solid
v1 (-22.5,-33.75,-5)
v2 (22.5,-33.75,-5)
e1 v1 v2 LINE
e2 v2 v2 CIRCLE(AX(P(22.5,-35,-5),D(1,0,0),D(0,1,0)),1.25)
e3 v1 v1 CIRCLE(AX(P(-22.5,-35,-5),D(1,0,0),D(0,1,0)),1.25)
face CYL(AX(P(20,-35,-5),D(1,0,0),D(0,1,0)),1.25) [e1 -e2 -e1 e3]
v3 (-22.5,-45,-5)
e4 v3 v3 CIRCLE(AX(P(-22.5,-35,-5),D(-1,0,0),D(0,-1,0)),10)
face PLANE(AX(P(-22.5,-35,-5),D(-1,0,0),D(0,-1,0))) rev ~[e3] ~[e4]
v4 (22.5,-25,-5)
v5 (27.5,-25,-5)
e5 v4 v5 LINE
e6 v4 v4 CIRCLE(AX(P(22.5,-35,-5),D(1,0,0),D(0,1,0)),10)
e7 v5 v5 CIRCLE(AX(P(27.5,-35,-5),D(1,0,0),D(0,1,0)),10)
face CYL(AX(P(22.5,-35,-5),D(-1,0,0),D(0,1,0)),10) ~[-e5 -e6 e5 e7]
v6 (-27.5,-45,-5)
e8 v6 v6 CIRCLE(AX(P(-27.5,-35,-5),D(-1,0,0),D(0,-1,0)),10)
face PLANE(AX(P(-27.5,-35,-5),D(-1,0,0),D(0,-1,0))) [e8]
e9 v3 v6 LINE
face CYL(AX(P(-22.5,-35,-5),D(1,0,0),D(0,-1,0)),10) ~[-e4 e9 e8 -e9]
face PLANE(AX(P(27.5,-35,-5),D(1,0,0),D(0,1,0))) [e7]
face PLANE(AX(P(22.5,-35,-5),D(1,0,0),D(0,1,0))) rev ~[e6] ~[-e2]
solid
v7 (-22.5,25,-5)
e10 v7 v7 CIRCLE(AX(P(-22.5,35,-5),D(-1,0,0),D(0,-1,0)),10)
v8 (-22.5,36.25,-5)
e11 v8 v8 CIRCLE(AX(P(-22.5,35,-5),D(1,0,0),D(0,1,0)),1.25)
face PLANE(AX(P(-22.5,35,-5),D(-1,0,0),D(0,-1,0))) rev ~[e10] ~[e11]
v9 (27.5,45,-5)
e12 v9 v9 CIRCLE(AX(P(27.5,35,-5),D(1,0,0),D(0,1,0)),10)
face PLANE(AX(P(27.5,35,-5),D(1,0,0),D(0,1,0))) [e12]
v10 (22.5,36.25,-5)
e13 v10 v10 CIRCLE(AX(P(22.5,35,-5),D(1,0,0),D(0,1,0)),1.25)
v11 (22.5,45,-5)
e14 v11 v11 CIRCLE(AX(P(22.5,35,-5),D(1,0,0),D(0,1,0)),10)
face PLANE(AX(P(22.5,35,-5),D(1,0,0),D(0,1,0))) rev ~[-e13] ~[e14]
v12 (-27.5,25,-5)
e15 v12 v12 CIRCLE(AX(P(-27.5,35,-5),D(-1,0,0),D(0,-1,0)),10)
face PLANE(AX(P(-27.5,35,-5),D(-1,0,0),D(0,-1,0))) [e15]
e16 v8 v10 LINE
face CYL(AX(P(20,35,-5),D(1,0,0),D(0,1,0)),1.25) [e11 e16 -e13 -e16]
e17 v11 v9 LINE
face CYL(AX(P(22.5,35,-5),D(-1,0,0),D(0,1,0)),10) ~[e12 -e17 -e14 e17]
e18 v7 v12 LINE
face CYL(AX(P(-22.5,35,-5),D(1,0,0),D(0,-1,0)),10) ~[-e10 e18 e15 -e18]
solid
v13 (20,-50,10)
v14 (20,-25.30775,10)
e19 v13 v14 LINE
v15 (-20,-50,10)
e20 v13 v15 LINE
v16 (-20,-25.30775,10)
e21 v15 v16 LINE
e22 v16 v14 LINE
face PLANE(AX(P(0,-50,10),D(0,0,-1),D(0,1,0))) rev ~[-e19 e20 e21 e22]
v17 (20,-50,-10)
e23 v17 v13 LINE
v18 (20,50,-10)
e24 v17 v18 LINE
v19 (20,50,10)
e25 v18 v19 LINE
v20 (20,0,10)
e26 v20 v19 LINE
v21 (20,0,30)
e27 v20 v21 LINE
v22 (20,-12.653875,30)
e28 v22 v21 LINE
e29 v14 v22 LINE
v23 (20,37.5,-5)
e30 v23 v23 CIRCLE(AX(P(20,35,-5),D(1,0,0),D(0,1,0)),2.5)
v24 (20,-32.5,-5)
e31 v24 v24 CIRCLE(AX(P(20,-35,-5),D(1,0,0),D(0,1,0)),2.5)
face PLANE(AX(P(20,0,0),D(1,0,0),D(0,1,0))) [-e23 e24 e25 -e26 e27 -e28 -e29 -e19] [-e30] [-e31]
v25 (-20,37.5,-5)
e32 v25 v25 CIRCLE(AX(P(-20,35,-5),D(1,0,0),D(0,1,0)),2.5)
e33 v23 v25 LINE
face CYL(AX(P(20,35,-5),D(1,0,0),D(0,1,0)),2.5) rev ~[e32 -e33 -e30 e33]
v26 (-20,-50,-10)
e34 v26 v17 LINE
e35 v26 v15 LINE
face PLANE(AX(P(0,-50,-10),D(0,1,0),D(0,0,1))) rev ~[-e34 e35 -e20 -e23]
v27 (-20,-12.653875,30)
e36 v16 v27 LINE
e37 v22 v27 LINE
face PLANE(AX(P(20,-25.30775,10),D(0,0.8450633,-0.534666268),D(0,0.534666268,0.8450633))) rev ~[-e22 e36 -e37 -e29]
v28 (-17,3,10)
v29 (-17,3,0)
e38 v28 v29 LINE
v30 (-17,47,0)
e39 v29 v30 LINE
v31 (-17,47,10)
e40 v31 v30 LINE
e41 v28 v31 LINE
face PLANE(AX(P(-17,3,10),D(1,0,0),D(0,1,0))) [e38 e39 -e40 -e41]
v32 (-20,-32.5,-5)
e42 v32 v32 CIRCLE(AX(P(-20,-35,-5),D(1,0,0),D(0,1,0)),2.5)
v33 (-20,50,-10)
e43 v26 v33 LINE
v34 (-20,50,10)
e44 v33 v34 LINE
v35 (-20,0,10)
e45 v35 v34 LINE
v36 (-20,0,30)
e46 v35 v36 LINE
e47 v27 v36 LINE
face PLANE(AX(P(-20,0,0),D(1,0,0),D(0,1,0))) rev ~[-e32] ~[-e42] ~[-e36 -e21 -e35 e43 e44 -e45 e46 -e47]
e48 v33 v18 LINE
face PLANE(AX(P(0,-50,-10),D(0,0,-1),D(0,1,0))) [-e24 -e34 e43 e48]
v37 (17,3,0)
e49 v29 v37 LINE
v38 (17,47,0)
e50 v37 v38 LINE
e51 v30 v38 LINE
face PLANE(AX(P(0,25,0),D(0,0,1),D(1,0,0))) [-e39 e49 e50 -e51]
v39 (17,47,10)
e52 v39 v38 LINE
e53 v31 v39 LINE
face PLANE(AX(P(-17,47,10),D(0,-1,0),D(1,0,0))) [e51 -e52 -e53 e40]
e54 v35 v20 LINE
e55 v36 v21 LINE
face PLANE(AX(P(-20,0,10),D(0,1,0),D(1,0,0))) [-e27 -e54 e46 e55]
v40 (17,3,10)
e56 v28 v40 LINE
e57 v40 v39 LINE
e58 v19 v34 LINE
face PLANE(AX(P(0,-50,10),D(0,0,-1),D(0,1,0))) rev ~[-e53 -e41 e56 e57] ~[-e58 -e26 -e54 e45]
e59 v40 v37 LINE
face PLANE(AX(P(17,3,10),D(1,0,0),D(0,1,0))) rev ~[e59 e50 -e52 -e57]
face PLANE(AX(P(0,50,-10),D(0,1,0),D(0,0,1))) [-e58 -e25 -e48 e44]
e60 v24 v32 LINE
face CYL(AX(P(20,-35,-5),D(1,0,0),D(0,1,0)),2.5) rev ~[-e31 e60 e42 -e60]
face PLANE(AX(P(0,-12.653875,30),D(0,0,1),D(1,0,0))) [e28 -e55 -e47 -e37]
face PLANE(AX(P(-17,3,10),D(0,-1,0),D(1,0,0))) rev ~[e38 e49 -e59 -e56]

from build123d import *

# Parameters (mm, degrees)
F0_W       = 100
F0_H       = 20
F1_DEPTH   = 20
F4_W       = 40
F4_H       = 25.30775
F5_DEPTH   = 20
F9_DEPTH   = 40
F10_R      = 2.5
F11_DEPTH  = 40.001
F12_R      = 2.5
F13_DEPTH  = 40.001
F14_W      = 34
F14_H      = 44
F15_DEPTH  = 10
F16_R      = 1.25
F17_DEPTH  = 42.5
F17_FACE_R = 1.25
F18_DEPTH  = 2.5
F19_R      = 1.25
F20_DEPTH  = 42.5
F20_FACE_R = 1.25
F21_DEPTH  = 2.5
F22_R      = 10
F23_DEPTH  = 5
F24_R      = 10
F25_DEPTH  = 5
F26_R      = 10
F27_DEPTH  = 5
F28_R      = 10
F29_DEPTH  = 5


with BuildPart() as f1:
    # F0 (on Right) → F1 (new body, symmetric)
    with BuildSketch(Plane.YZ):
        Rectangle(F0_W, F0_H)
    extrude(amount=F1_DEPTH, both=True)

    # F4 (on face) → F5 (join)
    with BuildSketch(Plane.XY.offset(10)):
        with Locations((0, -12.653875)):
            Rectangle(F4_W, F4_H)
    extrude(amount=F5_DEPTH)

    # F7 (on face) → F9 (cut)
    with BuildSketch(Plane.YZ.offset(20)):
        Polygon((-25.30775, 30), (-25.30775, 10), (-12.653875, 30), align=None)
    extrude(amount=-F9_DEPTH, mode=Mode.SUBTRACT)

    # F10 (on face) → F11 (cut, through all)
    with BuildSketch(Plane.YZ.offset(20)):
        with Locations((-35, -5)):
            Circle(F10_R)
    extrude(amount=-F11_DEPTH, mode=Mode.SUBTRACT)

    # F12 (on face) → F13 (cut, through all)
    with BuildSketch(Plane.YZ.offset(20)):
        with Locations((35, -5)):
            Circle(F12_R)
    extrude(amount=-F13_DEPTH, mode=Mode.SUBTRACT)

    # F14 (on face) → F15 (cut)
    with BuildSketch(Plane.XY.offset(10)):
        with Locations((0, 25)):
            Rectangle(F14_W, F14_H)
    extrude(amount=-F15_DEPTH, mode=Mode.SUBTRACT)


with BuildPart() as f17:
    # F16 (on face) → F17 (new body)
    with BuildSketch(Plane.YZ.offset(20)):
        with Locations((-35, -5)):
            Circle(F16_R)
    extrude(amount=-F17_DEPTH)

    # F17_face (on face) → F18 (join)
    with BuildSketch(Plane(origin=(20, -35, -5), x_dir=(0, 1, 0), z_dir=(1, 0, 0))):
        Circle(F17_FACE_R)
    extrude(amount=F18_DEPTH)

    # F22 (on face) → F23 (join)
    with BuildSketch(Plane.YZ.offset(22.5)):
        with Locations((-35, -5)):
            Circle(F22_R)
    extrude(amount=F23_DEPTH)

    # F24 (on face) → F25 (join)
    with BuildSketch(Plane(origin=(-22.5, 0, 0), x_dir=(0, -1, 0), z_dir=(-1, 0, 0))):
        with Locations((35, -5)):
            Circle(F24_R)
    extrude(amount=F25_DEPTH)


with BuildPart() as f20:
    # F19 (on face) → F20 (new body)
    with BuildSketch(Plane.YZ.offset(20)):
        with Locations((35, -5)):
            Circle(F19_R)
    extrude(amount=-F20_DEPTH)

    # F20_face (on face) → F21 (join)
    with BuildSketch(Plane(origin=(20, 35, -5), x_dir=(0, 1, 0), z_dir=(1, 0, 0))):
        Circle(F20_FACE_R)
    extrude(amount=F21_DEPTH)

    # F26 (on face) → F27 (join)
    with BuildSketch(Plane(origin=(-22.5, 0, 0), x_dir=(0, -1, 0), z_dir=(-1, 0, 0))):
        with Locations((-35, -5)):
            Circle(F26_R)
    extrude(amount=F27_DEPTH)

    # F28 (on face) → F29 (join)
    with BuildSketch(Plane.YZ.offset(22.5)):
        with Locations((35, -5)):
            Circle(F28_R)
    extrude(amount=F29_DEPTH)


solid = Compound([f1.part, f17.part, f20.part])
